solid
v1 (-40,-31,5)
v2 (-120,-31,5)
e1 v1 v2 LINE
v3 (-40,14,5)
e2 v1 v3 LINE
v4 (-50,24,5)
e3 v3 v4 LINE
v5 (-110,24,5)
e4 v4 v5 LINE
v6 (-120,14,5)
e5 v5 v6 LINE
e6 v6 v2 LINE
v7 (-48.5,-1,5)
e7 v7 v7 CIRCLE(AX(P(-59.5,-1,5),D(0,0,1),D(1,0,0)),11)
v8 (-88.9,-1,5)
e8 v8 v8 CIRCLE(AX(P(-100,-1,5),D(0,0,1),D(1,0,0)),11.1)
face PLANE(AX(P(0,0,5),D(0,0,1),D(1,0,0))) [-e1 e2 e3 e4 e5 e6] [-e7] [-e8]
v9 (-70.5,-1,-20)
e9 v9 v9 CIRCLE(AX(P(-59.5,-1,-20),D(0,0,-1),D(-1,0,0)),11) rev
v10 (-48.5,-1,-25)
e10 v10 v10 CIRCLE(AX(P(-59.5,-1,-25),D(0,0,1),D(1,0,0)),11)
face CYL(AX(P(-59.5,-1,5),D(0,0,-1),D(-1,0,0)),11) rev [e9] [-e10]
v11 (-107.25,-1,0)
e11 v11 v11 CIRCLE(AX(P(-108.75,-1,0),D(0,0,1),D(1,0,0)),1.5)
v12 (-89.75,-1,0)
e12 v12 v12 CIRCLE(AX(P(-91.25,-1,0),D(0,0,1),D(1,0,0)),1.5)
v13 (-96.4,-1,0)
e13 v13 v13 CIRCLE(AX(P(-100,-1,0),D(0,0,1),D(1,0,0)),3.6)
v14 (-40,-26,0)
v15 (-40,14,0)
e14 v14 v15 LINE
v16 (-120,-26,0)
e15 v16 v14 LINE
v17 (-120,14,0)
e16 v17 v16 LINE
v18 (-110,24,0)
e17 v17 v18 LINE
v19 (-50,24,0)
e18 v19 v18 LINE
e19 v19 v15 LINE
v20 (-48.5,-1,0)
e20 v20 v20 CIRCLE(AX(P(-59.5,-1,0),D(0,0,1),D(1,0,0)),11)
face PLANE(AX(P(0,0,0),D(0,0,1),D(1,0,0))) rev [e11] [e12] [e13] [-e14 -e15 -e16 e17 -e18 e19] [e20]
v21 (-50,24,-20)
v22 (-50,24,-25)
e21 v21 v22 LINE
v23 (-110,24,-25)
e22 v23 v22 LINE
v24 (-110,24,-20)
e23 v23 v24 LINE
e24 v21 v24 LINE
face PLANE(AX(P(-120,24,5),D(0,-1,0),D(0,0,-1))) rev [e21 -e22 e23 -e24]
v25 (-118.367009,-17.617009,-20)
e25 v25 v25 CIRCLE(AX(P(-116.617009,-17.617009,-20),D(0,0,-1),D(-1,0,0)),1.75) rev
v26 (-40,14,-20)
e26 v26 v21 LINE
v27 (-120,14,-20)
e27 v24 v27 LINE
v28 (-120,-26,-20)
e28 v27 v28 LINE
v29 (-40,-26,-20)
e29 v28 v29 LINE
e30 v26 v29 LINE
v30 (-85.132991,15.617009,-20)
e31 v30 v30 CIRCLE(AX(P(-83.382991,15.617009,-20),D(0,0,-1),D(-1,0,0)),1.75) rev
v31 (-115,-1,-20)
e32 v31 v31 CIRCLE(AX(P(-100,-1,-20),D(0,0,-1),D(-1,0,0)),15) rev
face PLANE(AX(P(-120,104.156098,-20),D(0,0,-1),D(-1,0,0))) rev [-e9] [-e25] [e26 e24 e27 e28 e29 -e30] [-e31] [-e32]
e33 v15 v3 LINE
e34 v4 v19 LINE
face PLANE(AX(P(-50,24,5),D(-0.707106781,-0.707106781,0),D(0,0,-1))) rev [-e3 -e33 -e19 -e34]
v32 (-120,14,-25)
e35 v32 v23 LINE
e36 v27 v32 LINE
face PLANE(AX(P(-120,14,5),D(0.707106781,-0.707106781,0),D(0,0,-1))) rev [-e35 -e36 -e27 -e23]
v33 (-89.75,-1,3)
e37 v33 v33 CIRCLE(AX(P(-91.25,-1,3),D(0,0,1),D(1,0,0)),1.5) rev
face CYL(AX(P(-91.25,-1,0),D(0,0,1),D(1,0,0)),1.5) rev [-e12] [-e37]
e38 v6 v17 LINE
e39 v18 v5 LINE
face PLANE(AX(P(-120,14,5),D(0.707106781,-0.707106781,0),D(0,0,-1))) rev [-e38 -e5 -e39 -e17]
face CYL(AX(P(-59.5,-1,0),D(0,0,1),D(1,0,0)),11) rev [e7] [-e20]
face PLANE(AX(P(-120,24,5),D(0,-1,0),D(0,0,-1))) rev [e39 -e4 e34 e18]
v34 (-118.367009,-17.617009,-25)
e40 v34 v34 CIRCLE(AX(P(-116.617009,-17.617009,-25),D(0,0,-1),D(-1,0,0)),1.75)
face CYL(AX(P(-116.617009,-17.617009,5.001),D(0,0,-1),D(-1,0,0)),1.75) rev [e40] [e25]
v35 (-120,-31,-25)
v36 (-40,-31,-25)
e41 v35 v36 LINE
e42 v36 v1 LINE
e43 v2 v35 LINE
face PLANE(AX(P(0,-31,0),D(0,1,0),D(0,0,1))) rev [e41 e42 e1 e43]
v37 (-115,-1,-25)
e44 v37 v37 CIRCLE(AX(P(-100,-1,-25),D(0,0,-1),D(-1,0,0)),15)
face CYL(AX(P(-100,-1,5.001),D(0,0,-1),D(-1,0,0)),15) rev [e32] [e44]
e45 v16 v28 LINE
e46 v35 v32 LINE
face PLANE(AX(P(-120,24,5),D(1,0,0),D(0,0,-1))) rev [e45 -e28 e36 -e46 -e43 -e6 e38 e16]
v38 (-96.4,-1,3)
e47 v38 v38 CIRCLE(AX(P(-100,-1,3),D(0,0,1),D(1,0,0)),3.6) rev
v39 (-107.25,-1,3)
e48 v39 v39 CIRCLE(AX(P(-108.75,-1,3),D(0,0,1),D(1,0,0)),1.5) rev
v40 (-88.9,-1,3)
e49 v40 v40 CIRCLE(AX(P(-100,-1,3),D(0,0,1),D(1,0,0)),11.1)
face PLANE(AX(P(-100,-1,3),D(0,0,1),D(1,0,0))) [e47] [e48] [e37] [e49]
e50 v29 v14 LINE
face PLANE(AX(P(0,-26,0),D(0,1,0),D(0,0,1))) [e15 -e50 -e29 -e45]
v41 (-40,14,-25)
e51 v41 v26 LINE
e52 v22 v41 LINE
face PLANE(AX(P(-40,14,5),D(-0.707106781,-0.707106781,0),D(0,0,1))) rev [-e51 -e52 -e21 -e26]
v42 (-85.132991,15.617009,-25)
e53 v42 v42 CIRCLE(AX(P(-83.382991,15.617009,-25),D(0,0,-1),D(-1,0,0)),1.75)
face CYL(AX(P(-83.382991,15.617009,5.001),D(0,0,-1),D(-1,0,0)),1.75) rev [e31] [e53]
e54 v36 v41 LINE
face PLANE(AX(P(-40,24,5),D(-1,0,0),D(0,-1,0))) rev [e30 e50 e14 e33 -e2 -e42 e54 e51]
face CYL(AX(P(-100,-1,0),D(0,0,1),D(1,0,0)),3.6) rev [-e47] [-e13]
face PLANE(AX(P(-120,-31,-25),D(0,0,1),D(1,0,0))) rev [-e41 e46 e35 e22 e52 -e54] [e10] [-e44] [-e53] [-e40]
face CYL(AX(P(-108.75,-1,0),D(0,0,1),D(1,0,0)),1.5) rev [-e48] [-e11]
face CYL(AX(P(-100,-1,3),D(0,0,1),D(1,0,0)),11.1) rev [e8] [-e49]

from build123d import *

# Parameters (mm, degrees)
SKETCH1_W           = 80
SKETCH1_H           = 50
BOSS_EXTRUDE1_DEPTH = 5
SKETCH2_R           = 3.6
CUT_EXTRUDE1_DEPTH  = 123.886126149
SKETCH3_R           = 1.5
CUT_EXTRUDE2_DEPTH  = 123.886126149
SKETCH4_R           = 11.1
CUT_EXTRUDE3_DEPTH  = 2
SKETCH5_R           = 11
CUT_EXTRUDE4_DEPTH  = 123.886126149
SKETCH7_W           = 80
SKETCH7_H           = 30
BOSS_EXTRUDE2_DEPTH = 5
SKETCH13_W          = 80
SKETCH13_H          = 5
BOSS_EXTRUDE3_DEPTH = 50
CUT_EXTRUDE6_REACH  = 129.519
SKETCH14_R          = 15
CUT_EXTRUDE7_REACH  = 129.519
SKETCH16_R          = 1.75
CHAMFER1_SIZE       = 10


with BuildPart() as part:
    # Sketch1 → Boss-Extrude1 (new body)
    with BuildSketch(Plane.XY):
        with Locations((-80, -1)):
            Rectangle(SKETCH1_W, SKETCH1_H)
    extrude(amount=BOSS_EXTRUDE1_DEPTH)

    # Sketch2 → Cut-Extrude1 (cut, through all)
    with BuildSketch(Plane.XY.offset(5)):
        with Locations((-100, -1)):
            Circle(SKETCH2_R)
    extrude(amount=-CUT_EXTRUDE1_DEPTH, mode=Mode.SUBTRACT)

    # Sketch3 → Cut-Extrude2 (cut, through all)
    with BuildSketch(Plane.XY.offset(5)):
        with Locations((-91.25, -1)):
            Circle(SKETCH3_R)
        with Locations((-108.75, -1)):
            Circle(SKETCH3_R)
    extrude(amount=-CUT_EXTRUDE2_DEPTH, mode=Mode.SUBTRACT)

    # Sketch4 → Cut-Extrude3 (cut)
    with BuildSketch(Plane.XY.offset(5)):
        with Locations((-100, -1)):
            Circle(SKETCH4_R)
    extrude(amount=-CUT_EXTRUDE3_DEPTH, mode=Mode.SUBTRACT)

    # Sketch5 → Cut-Extrude4 (cut, through all)
    with BuildSketch(Plane.XY.offset(5)):
        with Locations((-59.5, -1)):
            Circle(SKETCH5_R)
    cut_extrude4 = extrude(amount=-CUT_EXTRUDE4_DEPTH, mode=Mode.SUBTRACT)

    # Sketch7 → Boss-Extrude2 (add)
    with BuildSketch(Plane.XZ.offset(26)):
        with Locations((-80, -10)):
            Rectangle(SKETCH7_W, SKETCH7_H)
    extrude(amount=BOSS_EXTRUDE2_DEPTH)

    # Sketch13 → Boss-Extrude3 (add)
    with BuildSketch(Plane(origin=(0, -26, 0), x_dir=(1, 0, 0), z_dir=(0, 1, 0))):
        with Locations((-80, 22.5)):
            Rectangle(SKETCH13_W, SKETCH13_H)
    extrude(amount=BOSS_EXTRUDE3_DEPTH)

    # Sketch14 → Cut-Extrude6 (cut, up to next)
    with BuildSketch(Plane(origin=(0, 0, -25), x_dir=(-1, 0, 0), z_dir=(0, 0, -1)), mode=Mode.PRIVATE) as cut_extrude6_sk1:
        with Locations((100, -1)):
            Circle(SKETCH14_R)
    cut_extrude6_tool1 = extrude(cut_extrude6_sk1.sketch, amount=-CUT_EXTRUDE6_REACH, mode=Mode.PRIVATE) & part.part
    add(cut_extrude6_tool1.solids().sort_by_distance((-100, -1, -25))[0], mode=Mode.SUBTRACT)

    # Sketch16 → Cut-Extrude7 (cut, up to next)
    with BuildSketch(Plane(origin=(0, 0, -25), x_dir=(-1, 0, 0), z_dir=(0, 0, -1)), mode=Mode.PRIVATE) as cut_extrude7_sk1:
        with Locations((83.382990642, 15.617009358)):
            Circle(SKETCH16_R)
    cut_extrude7_tool1 = extrude(cut_extrude7_sk1.sketch, amount=-CUT_EXTRUDE7_REACH, mode=Mode.PRIVATE) & part.part
    # Sketch16 → Cut-Extrude7 (cut, up to next)
    with BuildSketch(Plane(origin=(0, 0, -25), x_dir=(-1, 0, 0), z_dir=(0, 0, -1)), mode=Mode.PRIVATE) as cut_extrude7_sk2:
        with Locations((116.617009358, -17.617009358)):
            Circle(SKETCH16_R)
    cut_extrude7_tool2 = extrude(cut_extrude7_sk2.sketch, amount=-CUT_EXTRUDE7_REACH, mode=Mode.PRIVATE) & part.part
    add(cut_extrude7_tool1.solids().sort_by_distance((-83.382991, 15.617009, -25))[0], mode=Mode.SUBTRACT)
    add(cut_extrude7_tool2.solids().sort_by_distance((-116.617009, -17.617009, -25))[0], mode=Mode.SUBTRACT)

    # Mirror6: Cut-Extrude4 across plane
    add(cut_extrude4.mirror(Plane(origin=(0, 0, -10), x_dir=(1, 0, 0), z_dir=(0, 0, -1))), mode=Mode.SUBTRACT)

    # Chamfer1
    chamfer1_edges = [part.edges().sort_by_distance(p)[0] for p in [
        (-40, 24, -22.5),
        (-120, 24, -22.5),
        (-120, 24, 2.5),
        (-40, 24, 2.5),
    ]]
    chamfer(chamfer1_edges, length=CHAMFER1_SIZE)


solid = part.part
